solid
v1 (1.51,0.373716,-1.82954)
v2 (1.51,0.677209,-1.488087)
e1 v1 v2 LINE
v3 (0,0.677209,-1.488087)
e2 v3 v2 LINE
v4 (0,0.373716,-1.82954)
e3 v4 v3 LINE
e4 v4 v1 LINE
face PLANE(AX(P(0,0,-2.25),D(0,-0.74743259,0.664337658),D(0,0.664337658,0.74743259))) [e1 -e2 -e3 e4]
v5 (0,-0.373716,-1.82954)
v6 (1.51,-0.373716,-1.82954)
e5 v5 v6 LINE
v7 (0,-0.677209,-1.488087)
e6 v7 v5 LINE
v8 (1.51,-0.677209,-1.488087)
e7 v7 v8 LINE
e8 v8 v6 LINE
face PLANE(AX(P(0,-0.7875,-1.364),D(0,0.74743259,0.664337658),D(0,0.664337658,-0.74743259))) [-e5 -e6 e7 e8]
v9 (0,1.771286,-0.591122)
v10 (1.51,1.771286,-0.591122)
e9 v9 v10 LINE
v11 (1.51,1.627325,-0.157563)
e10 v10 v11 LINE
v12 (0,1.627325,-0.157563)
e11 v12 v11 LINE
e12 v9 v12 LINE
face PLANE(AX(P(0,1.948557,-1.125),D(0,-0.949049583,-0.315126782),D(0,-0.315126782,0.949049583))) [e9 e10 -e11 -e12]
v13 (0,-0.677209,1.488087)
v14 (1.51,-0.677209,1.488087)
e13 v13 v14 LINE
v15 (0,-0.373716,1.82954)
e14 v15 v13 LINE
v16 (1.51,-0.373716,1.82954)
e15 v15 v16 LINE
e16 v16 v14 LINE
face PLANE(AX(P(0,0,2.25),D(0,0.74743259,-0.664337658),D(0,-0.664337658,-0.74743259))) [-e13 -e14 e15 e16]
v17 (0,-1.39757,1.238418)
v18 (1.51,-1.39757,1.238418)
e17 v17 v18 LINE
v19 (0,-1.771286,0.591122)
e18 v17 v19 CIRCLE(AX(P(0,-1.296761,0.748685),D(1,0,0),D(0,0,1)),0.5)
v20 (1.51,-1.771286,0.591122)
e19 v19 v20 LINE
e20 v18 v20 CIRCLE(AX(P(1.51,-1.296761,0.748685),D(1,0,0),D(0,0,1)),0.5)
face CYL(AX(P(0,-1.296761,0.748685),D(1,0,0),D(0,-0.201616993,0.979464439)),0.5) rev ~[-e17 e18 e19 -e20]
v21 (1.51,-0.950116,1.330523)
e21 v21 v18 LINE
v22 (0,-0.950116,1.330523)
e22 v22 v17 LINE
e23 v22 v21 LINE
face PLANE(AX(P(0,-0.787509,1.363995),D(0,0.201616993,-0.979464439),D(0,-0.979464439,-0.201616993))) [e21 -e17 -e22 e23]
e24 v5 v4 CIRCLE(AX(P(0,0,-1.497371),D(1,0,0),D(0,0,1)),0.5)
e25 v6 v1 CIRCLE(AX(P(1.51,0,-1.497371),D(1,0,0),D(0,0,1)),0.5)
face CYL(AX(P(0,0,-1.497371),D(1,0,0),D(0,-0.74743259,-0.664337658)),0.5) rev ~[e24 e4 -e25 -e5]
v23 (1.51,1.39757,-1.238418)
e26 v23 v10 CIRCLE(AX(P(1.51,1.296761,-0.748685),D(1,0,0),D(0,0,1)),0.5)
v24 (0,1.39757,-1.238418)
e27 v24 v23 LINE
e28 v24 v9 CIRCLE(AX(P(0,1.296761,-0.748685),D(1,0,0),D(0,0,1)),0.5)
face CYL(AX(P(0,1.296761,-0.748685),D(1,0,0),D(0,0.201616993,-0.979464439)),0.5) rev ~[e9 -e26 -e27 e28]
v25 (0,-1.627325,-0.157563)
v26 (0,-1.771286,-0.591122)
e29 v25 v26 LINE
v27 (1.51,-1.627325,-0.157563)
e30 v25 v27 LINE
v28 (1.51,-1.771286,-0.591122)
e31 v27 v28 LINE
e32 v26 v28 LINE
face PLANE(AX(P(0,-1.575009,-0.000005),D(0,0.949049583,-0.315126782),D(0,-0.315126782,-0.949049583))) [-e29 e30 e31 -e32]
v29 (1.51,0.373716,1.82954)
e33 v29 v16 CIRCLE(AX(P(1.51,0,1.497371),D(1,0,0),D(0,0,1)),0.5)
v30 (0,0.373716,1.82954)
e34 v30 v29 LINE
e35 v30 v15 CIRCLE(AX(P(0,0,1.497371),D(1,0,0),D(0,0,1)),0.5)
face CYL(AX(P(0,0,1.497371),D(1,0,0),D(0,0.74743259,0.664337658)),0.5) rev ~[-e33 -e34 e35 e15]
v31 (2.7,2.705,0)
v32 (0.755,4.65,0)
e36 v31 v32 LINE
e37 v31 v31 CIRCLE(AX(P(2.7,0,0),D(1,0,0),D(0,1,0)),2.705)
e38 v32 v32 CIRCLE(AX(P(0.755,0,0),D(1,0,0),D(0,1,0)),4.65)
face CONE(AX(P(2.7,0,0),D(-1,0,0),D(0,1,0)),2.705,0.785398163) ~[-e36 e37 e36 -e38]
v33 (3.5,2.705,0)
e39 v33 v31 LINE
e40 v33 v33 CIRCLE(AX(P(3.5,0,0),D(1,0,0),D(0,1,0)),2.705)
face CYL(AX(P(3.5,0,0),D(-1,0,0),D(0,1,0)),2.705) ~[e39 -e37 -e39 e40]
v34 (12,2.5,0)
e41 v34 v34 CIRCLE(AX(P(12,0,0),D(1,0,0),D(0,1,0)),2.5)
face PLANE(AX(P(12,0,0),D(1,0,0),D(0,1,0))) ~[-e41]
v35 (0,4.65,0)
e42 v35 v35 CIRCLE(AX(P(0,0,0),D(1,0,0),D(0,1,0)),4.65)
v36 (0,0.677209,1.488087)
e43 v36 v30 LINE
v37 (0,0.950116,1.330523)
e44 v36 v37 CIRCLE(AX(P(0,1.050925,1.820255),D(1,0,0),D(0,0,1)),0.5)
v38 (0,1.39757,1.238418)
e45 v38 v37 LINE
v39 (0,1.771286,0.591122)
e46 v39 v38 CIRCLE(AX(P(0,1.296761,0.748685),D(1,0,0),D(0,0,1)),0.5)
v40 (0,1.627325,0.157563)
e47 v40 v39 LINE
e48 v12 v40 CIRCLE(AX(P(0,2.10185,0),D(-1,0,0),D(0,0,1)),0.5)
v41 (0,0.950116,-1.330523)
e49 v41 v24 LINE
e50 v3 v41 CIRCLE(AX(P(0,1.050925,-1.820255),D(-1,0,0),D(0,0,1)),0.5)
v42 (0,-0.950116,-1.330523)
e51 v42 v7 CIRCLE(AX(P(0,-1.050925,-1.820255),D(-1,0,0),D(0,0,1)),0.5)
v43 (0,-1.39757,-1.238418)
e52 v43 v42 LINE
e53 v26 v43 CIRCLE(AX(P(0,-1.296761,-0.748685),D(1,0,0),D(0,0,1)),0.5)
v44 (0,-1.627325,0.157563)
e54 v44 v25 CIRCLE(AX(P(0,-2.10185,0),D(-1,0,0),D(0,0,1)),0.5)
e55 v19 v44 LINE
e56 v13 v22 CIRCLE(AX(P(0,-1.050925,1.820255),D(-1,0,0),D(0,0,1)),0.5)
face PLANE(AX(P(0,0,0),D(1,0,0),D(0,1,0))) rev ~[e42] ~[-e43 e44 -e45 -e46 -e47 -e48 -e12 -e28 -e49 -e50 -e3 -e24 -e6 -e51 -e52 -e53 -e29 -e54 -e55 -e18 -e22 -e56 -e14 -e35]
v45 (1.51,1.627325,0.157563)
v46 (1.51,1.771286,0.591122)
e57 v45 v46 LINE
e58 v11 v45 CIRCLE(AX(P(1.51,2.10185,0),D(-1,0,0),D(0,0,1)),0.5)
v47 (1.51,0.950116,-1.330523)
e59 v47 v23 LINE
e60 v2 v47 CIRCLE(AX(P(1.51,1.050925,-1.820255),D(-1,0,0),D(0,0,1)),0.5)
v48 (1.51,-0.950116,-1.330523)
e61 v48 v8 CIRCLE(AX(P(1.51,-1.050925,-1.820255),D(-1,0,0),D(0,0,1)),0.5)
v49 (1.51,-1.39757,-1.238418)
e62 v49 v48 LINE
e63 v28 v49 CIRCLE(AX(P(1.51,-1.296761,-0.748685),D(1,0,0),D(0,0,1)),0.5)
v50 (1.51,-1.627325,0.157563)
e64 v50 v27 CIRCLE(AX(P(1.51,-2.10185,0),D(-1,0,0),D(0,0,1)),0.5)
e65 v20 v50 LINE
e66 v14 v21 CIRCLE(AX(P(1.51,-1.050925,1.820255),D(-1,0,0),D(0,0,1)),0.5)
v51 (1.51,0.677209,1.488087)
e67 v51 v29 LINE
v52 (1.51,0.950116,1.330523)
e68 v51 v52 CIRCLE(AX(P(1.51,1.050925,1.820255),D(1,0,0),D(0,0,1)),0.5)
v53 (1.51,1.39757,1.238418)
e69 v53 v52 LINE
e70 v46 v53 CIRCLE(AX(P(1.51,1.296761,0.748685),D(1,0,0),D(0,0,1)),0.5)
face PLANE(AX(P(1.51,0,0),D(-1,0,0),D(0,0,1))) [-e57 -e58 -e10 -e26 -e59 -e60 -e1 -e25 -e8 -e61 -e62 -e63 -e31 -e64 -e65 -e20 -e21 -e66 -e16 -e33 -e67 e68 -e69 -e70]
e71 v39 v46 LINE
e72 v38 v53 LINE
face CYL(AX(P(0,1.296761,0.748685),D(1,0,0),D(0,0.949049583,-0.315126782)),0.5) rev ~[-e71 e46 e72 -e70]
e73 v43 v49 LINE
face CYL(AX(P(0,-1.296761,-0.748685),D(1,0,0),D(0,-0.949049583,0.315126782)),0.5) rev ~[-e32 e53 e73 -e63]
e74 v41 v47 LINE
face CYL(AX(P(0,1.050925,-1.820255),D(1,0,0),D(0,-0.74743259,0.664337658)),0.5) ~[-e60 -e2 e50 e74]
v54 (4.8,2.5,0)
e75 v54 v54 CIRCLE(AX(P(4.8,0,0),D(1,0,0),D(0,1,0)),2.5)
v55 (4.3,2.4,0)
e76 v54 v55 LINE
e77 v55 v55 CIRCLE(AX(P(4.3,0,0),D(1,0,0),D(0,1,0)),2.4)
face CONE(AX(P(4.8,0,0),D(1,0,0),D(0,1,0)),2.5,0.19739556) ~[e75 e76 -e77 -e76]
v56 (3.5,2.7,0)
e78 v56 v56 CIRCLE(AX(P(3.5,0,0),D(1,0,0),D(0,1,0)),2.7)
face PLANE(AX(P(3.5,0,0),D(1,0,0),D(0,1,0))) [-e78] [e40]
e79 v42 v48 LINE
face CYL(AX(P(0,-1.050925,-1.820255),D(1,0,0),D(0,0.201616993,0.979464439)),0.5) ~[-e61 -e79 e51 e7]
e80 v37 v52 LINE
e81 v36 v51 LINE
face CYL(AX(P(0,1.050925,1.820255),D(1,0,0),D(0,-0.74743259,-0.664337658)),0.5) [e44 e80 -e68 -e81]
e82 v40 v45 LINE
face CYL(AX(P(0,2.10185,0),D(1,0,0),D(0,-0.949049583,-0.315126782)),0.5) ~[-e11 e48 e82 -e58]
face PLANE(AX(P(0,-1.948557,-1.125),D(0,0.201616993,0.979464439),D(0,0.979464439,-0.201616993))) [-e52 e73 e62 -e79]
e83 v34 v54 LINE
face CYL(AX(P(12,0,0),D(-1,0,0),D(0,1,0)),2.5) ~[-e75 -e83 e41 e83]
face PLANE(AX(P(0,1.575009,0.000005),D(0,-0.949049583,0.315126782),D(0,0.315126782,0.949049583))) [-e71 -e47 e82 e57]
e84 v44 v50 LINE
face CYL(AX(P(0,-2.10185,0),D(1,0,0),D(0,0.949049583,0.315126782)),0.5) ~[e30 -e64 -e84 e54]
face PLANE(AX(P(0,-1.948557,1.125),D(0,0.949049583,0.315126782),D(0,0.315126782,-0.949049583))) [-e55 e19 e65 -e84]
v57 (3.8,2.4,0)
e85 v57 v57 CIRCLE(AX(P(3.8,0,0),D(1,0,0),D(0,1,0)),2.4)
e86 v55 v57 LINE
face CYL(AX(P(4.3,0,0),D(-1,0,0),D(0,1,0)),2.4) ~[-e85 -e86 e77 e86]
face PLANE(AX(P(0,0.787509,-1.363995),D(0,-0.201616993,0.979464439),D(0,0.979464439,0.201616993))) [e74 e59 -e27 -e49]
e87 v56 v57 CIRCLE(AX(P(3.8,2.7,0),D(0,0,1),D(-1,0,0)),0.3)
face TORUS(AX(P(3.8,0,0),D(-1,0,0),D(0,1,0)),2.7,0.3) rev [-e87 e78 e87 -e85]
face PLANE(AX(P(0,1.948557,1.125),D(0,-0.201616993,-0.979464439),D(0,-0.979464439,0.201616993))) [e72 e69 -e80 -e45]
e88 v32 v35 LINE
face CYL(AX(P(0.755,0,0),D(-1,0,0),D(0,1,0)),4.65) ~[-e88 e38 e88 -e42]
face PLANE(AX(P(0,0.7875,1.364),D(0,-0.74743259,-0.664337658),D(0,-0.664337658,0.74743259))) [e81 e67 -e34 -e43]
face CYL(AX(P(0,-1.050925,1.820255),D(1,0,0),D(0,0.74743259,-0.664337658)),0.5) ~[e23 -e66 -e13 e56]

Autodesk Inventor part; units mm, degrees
ref_plane "YZ Plane" through (0, 0, 0) normal (1, 0, 0) x (0, 1, 0)
ref_plane "XZ Plane" through (0, 0, 0) normal (0, 1, 0) x (-1, 0, 0)
ref_plane "XY Plane" through (0, 0, 0) normal (0, 0, 1) x (1, 0, 0)
sketch "Sketch1" plane through (0, 0, 0) normal (0, 0, 1) x (1, 0, 0)
  line L0 (0, 0) -> (12, 0)
  line L1 (12, 0) -> (12, 2.5)
  line L2 (12, 2.5) -> (4.8, 2.5)
  line L3 (4.8, 2.5) -> (4.3, 2.4)
  line L4 (4.3, 2.4) -> (3.8, 2.4)
  line L5 (3.5, 2.705) -> (2.7, 2.705)
  line L6 (2.7, 2.705) -> (0.755, 4.65)
  line L7 (0.755, 4.65) -> (0, 4.65)
  line L8 (0, 4.65) -> (0, 0)
  line L9 (3.5, 2.705) -> (3.5, 2.7)
  arc A0 (3.5, 2.7) -> (3.8, 2.4) centre (3.8, 2.7) ccw
  dimension "d17" = 12
  dimension "d18" = 0.755
  dimension "d19" = 2.7
  dimension "d20" = 0.8
  dimension "d21" = 9.3
  dimension "d22" = 5
  dimension "d23" = 4.8
  dimension "d25" = 45
  dimension "d26" = 0.5
  dimension "d28" = 0.3
  dimension "d29" = 7.2
  dimension "d30" = 0.3
  dimension "d52" = 2.1
revolve "Revolution1" add sketch "Sketch1" angle 360 about axis through (0, 0, 0) along (1, 0, 0)
thread "Thread1" size "M5x0.8" class "6g" standard "ISO Metric profile" length 7.2
sketch "Sketch2" plane through (0, 0, 0) normal (-1, 0, 0) x (0, 0, 1)
  circle A0 centre (0, 0) radius 2.25 construction
  circle A1 centre (0, 0) radius 1.575 construction
  line L0 (0, 0) -> (1.364, 0.7875)
  line L1 (0, 0) -> (1.575, 0) construction
  line L2 (0, 0) -> (1.364, -0.7875)
  line L3 (0, 0) -> (1.575, 0) construction
  line L4 (1.364, 0.7875) -> (2.25, 0)
  line L5 (2.25, 0) -> (1.364, -0.7875)
  dimension "d34" = 4.5
  dimension "d35" = 3.15
  dimension "d39" = 30
  dimension "d40" = 330
extrude "Extrusion1" cut sketch "Sketch2" against normal blind 1.51
pattern_circular "Circular Pattern1" count 6 over 360 about axis through (-10, 0, 0) along (1, 0, 0) of "Extrusion1"
fillet "Fillet1" radius 0.5 12 edges at (0.755, 0.7875, 1.364) (0.755, 0, 2.25) (0.755, -0.7875, 1.364) (0.755, -1.575, 0) (0.755, -1.9486, 1.125) (0.755, -1.9486, -1.125) (0.755, -0.7875, -1.364) (0.755, 0, -2.25) (0.755, 0.7875, -1.364) (0.755, 1.9486, -1.125) (0.755, 1.575, 0) (0.755, 1.9486, 1.125)
equation "\"d17\" = l_"
equation "\"d18\" = 0.5 * t"
equation "\"d19\" = k"
equation "\"d20\" = shldr"
equation "\"d21\" = dk"
equation "\"d22\" = d"
equation "\"d23\" = ds_"
equation "\"d25\" = 0.5 * headAngle"
equation "\"d26\" = x"
equation "\"d28\" = r"
equation "\"d29\" = b"
equation "\"d32\" = b"
equation "\"d34\" = A_"
equation "\"d35\" = 0.7 * A_"
equation "\"d43\" = t"
equation "\"d48\" = v"
equation "\"A_\" = 4.5"
equation "\"t\" = 1.51"
equation "\"v\" = 0.1 * d"
equation "\"dk\" = 9.3"
equation "\"k\" = 2.7"
equation "\"l_\" = 12"
equation "\"shldr\" = 0.8"
equation "\"d\" = 5"
equation "\"p\" = 0.8"
equation "\"x\" = 0.5"
equation "\"ds_\" = 0.96 * d"
equation "\"headAngle\" = 90deg"
equation "\"c_\" = 0.35 * v"
equation "\"r\" = 0.3"
equation "\"b\" = 7.2"
properties part number "Senkkopfschraube mit Innenrund ISO 14581 - M5x12-4.8" material "Stahl"
